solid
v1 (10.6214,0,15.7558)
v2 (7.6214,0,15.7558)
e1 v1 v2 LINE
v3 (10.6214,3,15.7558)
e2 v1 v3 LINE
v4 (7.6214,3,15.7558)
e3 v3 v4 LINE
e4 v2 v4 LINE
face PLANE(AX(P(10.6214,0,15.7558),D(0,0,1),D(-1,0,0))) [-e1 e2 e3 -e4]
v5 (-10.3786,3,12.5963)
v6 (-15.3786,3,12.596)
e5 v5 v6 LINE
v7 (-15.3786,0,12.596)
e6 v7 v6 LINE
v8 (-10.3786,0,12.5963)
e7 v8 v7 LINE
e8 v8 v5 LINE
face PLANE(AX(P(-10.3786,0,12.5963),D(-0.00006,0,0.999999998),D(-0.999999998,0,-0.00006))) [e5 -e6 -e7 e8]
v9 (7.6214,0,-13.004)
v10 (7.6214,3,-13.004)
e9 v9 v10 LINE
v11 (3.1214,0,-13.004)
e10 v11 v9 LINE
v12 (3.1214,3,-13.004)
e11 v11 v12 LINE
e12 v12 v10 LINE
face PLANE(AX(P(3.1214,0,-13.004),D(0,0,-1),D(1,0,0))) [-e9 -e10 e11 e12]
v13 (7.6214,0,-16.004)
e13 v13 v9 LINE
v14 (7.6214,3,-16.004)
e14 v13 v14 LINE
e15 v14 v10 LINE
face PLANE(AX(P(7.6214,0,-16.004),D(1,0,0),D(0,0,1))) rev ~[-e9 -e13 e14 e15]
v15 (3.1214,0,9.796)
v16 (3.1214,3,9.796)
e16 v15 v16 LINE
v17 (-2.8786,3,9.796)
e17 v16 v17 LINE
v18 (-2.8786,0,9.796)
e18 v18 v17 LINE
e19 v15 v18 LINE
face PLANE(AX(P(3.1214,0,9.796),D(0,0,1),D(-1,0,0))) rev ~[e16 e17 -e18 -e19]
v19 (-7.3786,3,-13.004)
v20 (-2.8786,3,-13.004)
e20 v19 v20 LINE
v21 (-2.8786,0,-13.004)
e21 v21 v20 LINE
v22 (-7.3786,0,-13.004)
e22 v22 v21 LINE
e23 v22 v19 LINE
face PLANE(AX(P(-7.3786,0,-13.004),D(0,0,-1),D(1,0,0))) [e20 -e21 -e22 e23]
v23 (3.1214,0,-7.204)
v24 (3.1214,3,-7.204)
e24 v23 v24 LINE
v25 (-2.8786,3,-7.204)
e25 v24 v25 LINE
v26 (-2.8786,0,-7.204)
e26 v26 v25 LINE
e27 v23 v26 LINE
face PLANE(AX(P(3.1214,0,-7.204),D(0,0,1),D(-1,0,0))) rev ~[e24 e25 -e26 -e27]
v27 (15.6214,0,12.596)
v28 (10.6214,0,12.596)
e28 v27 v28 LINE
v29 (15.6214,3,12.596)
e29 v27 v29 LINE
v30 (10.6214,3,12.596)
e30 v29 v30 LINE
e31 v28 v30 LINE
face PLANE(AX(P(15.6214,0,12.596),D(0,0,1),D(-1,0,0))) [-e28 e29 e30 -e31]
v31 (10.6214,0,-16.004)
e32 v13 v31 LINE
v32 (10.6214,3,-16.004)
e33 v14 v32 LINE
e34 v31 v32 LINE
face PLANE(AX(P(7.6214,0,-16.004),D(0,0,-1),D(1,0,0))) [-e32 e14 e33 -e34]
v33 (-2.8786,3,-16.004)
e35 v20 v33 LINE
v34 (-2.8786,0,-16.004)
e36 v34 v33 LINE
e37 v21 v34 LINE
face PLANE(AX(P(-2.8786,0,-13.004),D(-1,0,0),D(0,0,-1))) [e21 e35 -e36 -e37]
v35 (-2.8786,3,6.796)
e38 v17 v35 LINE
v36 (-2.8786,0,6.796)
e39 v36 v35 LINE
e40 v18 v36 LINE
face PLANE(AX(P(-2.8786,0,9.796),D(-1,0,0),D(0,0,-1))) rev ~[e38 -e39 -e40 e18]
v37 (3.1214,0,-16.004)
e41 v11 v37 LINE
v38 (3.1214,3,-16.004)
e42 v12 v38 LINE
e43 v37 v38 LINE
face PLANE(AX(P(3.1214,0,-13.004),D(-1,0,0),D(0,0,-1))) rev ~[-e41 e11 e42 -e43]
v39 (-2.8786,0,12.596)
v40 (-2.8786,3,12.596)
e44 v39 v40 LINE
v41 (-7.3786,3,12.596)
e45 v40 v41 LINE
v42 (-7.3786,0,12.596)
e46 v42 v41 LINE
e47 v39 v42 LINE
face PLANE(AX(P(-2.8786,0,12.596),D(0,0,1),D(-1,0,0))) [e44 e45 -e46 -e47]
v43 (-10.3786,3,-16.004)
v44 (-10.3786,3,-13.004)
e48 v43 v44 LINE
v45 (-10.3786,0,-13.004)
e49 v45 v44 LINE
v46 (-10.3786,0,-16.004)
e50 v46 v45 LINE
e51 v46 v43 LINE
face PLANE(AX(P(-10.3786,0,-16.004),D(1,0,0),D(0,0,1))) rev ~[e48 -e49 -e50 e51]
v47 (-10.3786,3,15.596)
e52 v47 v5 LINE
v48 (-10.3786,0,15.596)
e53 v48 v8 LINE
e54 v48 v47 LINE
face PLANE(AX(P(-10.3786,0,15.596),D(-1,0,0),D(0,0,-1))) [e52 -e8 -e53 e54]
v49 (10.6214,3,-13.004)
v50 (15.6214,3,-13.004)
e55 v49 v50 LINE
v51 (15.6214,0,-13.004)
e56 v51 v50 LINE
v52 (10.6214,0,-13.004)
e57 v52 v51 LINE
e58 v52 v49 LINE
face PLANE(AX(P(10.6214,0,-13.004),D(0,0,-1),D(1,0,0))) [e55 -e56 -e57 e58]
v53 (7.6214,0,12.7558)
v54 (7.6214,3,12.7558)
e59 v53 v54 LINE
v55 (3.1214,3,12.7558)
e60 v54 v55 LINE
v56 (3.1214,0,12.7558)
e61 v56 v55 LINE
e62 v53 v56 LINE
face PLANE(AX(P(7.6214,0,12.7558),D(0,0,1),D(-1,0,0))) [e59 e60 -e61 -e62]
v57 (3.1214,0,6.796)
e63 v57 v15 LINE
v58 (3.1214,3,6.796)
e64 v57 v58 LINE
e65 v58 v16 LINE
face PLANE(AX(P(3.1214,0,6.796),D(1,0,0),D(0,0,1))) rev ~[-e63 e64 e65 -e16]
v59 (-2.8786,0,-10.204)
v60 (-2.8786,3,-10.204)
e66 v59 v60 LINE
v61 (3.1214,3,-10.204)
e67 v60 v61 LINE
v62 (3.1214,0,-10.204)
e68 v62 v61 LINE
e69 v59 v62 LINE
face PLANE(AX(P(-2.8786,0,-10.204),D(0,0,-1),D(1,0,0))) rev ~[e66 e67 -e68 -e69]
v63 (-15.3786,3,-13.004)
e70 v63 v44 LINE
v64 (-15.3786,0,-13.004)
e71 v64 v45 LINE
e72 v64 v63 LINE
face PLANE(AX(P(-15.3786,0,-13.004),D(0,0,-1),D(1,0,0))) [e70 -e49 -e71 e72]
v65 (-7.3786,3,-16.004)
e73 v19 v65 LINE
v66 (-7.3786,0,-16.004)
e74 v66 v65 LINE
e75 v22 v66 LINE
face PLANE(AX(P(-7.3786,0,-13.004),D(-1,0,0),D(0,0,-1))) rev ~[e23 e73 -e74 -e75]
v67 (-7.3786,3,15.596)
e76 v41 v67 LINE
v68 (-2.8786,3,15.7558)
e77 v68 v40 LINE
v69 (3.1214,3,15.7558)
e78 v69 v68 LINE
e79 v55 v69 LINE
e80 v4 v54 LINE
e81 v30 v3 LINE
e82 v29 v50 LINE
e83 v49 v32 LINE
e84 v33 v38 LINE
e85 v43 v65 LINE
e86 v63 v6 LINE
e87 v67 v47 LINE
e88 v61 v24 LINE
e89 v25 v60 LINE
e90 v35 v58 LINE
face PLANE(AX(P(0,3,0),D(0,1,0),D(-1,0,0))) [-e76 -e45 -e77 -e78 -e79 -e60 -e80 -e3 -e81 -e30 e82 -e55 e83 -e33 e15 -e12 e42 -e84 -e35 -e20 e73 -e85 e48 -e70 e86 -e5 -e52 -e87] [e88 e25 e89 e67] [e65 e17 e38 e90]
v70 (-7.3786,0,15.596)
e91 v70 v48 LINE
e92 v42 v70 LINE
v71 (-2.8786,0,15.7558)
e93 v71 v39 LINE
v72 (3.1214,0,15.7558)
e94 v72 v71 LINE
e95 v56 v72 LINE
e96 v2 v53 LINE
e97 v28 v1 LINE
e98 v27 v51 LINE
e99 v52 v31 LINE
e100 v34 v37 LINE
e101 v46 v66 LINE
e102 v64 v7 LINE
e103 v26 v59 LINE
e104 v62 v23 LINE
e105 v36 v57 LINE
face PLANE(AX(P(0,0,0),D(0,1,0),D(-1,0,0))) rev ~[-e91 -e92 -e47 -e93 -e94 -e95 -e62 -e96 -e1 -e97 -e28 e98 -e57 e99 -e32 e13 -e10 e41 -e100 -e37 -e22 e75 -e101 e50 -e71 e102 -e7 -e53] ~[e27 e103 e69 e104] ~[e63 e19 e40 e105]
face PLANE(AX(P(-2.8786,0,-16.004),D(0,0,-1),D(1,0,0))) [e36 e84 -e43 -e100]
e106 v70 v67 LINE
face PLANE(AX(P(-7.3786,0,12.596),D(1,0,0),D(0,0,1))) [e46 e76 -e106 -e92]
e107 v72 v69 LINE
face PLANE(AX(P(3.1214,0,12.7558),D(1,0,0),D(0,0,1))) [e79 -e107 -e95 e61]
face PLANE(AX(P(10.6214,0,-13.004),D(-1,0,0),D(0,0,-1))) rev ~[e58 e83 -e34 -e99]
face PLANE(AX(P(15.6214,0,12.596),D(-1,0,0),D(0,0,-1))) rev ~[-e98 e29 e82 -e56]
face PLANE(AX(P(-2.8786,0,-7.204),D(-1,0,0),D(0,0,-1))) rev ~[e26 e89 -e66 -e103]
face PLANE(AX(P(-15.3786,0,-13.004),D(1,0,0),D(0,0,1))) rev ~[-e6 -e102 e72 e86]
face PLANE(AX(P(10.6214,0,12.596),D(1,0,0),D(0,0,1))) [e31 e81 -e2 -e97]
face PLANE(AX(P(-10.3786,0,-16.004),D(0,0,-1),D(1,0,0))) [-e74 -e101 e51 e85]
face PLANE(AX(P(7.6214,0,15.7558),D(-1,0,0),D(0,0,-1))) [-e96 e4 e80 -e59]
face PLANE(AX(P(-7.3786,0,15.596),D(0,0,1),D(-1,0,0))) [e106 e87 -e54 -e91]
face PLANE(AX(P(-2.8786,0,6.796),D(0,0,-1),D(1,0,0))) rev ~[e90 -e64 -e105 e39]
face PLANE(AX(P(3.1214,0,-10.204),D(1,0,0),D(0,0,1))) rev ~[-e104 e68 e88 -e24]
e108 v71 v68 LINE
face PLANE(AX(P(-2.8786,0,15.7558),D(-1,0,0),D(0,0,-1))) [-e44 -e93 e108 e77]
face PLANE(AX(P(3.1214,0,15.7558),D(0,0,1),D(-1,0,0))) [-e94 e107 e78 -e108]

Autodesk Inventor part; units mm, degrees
ref_plane "YZ Plane" through (0, 0, 0) normal (1, 0, 0) x (0, 1, 0)
ref_plane "XZ Plane" through (0, 0, 0) normal (0, 1, 0) x (-1, 0, 0)
ref_plane "XY Plane" through (0, 0, 0) normal (0, 0, 1) x (1, 0, 0)
sketch "Sketch2" plane through (0, 0, 0) normal (0, 1, 0) x (-1, 0, 0)
  line L0 (2.8786, -13.004) -> (2.8786, -16.004)
  line L1 (-3.1214, -13.004) -> (-3.1214, -16.004)
  line L2 (10.3786, -16.004) -> (10.3786, -13.004) construction
  line L3 (7.3786, -13.004) -> (7.3786, -16.004)
  line L4 (-7.6214, -16.004) -> (-7.6214, -13.004)
  line L5 (-10.6214, -13.004) -> (-10.6214, -16.004)
  line L6 (15.3786, -13.004) -> (15.3786, 12.596)
  line L7 (10.3786, 15.596) -> (10.3786, 12.5963)
  line L8 (7.3786, 12.596) -> (7.3786, 15.596)
  line L9 (2.8786, 15.7558) -> (2.8786, 12.596)
  line L10 (-3.1214, 12.7558) -> (-3.1214, 15.7558)
  line L11 (-7.6214, 15.7558) -> (-7.6214, 12.7558)
  line L12 (-10.6214, 12.596) -> (-10.6214, 15.7558)
  line L13 (10.3786, -16.004) -> (10.3786, -13.004)
  line L14 (15.3786, -13.004) -> (10.3786, -13.004)
  line L15 (10.3786, -16.004) -> (7.3786, -16.004)
  line L16 (7.3786, -13.004) -> (2.8786, -13.004)
  line L17 (2.8786, -16.004) -> (-3.1214, -16.004)
  line L18 (-3.1214, -13.004) -> (-7.6214, -13.004)
  line L19 (-7.6214, -16.004) -> (-10.6214, -16.004)
  line L20 (-10.6214, -13.004) -> (-15.6214, -13.004)
  line L21 (-15.6214, 12.596) -> (-10.6214, 12.596)
  line L22 (-10.6214, 15.7558) -> (-7.6214, 15.7558)
  line L23 (-7.6214, 12.7558) -> (-3.1214, 12.7558)
  line L24 (-3.1214, 15.7558) -> (2.8786, 15.7558)
  line L25 (2.8786, 12.596) -> (7.3786, 12.596)
  line L26 (7.3786, 15.596) -> (10.3786, 15.596)
  line L27 (10.3786, 12.5963) -> (15.3786, 12.596)
  line L28 (-15.6214, 12.596) -> (-15.6214, -13.004)
  line L29 (15.3786, -0.204) -> (-15.6214, -0.204) construction
  line L30 (7.3786, -13.004) -> (7.3786, -0.204) construction
  line L31 (7.3786, -0.204) -> (7.3786, 12.596) construction
  line L32 (2.8786, -10.204) -> (-3.1214, -10.204)
  line L33 (-3.1214, -10.204) -> (-3.1214, -7.204)
  line L34 (-3.1214, -7.204) -> (2.8786, -7.204)
  line L35 (2.8786, -7.204) -> (2.8786, -10.204)
  line L36 (2.8786, 6.796) -> (-3.1214, 6.796)
  line L37 (-3.1214, 6.796) -> (-3.1214, 9.796)
  line L38 (-3.1214, 9.796) -> (2.8786, 9.796)
  line L39 (2.8786, 9.796) -> (2.8786, 6.796)
  dimension "d14" = 3
  dimension "d15" = 3
  dimension "d16" = 6
  dimension "d17" = 31
  dimension "d18" = 4.5
  dimension "d19" = 25.6
  dimension "d39" = 6
  dimension "d40" = 3
  dimension "d41" = 7
  dimension "d42" = 6
  dimension "d43" = 3
  dimension "d44" = 7
extrude "Extrusion1" add sketch "Sketch2" along normal blind 3 contours L0 L17 L1 L18 L4 L19 L5 L20 L28 L21 L12 L22 L11 L23 L10 L24 L9 L25 L8 L26 L7 L27 L6 L14 L13 L15 L3 L16 | L32 L33 L34 L35 | L36 L37 L38 L39
extrude "Extrusion2" cut sketch "Sketch2" along normal up to next contours L36 L37 L38 L39
extrude "Extrusion3" cut sketch "Sketch2" along normal up to next contours L32 L33 L34 L35
properties part number "part_plunger_handle_side2"
